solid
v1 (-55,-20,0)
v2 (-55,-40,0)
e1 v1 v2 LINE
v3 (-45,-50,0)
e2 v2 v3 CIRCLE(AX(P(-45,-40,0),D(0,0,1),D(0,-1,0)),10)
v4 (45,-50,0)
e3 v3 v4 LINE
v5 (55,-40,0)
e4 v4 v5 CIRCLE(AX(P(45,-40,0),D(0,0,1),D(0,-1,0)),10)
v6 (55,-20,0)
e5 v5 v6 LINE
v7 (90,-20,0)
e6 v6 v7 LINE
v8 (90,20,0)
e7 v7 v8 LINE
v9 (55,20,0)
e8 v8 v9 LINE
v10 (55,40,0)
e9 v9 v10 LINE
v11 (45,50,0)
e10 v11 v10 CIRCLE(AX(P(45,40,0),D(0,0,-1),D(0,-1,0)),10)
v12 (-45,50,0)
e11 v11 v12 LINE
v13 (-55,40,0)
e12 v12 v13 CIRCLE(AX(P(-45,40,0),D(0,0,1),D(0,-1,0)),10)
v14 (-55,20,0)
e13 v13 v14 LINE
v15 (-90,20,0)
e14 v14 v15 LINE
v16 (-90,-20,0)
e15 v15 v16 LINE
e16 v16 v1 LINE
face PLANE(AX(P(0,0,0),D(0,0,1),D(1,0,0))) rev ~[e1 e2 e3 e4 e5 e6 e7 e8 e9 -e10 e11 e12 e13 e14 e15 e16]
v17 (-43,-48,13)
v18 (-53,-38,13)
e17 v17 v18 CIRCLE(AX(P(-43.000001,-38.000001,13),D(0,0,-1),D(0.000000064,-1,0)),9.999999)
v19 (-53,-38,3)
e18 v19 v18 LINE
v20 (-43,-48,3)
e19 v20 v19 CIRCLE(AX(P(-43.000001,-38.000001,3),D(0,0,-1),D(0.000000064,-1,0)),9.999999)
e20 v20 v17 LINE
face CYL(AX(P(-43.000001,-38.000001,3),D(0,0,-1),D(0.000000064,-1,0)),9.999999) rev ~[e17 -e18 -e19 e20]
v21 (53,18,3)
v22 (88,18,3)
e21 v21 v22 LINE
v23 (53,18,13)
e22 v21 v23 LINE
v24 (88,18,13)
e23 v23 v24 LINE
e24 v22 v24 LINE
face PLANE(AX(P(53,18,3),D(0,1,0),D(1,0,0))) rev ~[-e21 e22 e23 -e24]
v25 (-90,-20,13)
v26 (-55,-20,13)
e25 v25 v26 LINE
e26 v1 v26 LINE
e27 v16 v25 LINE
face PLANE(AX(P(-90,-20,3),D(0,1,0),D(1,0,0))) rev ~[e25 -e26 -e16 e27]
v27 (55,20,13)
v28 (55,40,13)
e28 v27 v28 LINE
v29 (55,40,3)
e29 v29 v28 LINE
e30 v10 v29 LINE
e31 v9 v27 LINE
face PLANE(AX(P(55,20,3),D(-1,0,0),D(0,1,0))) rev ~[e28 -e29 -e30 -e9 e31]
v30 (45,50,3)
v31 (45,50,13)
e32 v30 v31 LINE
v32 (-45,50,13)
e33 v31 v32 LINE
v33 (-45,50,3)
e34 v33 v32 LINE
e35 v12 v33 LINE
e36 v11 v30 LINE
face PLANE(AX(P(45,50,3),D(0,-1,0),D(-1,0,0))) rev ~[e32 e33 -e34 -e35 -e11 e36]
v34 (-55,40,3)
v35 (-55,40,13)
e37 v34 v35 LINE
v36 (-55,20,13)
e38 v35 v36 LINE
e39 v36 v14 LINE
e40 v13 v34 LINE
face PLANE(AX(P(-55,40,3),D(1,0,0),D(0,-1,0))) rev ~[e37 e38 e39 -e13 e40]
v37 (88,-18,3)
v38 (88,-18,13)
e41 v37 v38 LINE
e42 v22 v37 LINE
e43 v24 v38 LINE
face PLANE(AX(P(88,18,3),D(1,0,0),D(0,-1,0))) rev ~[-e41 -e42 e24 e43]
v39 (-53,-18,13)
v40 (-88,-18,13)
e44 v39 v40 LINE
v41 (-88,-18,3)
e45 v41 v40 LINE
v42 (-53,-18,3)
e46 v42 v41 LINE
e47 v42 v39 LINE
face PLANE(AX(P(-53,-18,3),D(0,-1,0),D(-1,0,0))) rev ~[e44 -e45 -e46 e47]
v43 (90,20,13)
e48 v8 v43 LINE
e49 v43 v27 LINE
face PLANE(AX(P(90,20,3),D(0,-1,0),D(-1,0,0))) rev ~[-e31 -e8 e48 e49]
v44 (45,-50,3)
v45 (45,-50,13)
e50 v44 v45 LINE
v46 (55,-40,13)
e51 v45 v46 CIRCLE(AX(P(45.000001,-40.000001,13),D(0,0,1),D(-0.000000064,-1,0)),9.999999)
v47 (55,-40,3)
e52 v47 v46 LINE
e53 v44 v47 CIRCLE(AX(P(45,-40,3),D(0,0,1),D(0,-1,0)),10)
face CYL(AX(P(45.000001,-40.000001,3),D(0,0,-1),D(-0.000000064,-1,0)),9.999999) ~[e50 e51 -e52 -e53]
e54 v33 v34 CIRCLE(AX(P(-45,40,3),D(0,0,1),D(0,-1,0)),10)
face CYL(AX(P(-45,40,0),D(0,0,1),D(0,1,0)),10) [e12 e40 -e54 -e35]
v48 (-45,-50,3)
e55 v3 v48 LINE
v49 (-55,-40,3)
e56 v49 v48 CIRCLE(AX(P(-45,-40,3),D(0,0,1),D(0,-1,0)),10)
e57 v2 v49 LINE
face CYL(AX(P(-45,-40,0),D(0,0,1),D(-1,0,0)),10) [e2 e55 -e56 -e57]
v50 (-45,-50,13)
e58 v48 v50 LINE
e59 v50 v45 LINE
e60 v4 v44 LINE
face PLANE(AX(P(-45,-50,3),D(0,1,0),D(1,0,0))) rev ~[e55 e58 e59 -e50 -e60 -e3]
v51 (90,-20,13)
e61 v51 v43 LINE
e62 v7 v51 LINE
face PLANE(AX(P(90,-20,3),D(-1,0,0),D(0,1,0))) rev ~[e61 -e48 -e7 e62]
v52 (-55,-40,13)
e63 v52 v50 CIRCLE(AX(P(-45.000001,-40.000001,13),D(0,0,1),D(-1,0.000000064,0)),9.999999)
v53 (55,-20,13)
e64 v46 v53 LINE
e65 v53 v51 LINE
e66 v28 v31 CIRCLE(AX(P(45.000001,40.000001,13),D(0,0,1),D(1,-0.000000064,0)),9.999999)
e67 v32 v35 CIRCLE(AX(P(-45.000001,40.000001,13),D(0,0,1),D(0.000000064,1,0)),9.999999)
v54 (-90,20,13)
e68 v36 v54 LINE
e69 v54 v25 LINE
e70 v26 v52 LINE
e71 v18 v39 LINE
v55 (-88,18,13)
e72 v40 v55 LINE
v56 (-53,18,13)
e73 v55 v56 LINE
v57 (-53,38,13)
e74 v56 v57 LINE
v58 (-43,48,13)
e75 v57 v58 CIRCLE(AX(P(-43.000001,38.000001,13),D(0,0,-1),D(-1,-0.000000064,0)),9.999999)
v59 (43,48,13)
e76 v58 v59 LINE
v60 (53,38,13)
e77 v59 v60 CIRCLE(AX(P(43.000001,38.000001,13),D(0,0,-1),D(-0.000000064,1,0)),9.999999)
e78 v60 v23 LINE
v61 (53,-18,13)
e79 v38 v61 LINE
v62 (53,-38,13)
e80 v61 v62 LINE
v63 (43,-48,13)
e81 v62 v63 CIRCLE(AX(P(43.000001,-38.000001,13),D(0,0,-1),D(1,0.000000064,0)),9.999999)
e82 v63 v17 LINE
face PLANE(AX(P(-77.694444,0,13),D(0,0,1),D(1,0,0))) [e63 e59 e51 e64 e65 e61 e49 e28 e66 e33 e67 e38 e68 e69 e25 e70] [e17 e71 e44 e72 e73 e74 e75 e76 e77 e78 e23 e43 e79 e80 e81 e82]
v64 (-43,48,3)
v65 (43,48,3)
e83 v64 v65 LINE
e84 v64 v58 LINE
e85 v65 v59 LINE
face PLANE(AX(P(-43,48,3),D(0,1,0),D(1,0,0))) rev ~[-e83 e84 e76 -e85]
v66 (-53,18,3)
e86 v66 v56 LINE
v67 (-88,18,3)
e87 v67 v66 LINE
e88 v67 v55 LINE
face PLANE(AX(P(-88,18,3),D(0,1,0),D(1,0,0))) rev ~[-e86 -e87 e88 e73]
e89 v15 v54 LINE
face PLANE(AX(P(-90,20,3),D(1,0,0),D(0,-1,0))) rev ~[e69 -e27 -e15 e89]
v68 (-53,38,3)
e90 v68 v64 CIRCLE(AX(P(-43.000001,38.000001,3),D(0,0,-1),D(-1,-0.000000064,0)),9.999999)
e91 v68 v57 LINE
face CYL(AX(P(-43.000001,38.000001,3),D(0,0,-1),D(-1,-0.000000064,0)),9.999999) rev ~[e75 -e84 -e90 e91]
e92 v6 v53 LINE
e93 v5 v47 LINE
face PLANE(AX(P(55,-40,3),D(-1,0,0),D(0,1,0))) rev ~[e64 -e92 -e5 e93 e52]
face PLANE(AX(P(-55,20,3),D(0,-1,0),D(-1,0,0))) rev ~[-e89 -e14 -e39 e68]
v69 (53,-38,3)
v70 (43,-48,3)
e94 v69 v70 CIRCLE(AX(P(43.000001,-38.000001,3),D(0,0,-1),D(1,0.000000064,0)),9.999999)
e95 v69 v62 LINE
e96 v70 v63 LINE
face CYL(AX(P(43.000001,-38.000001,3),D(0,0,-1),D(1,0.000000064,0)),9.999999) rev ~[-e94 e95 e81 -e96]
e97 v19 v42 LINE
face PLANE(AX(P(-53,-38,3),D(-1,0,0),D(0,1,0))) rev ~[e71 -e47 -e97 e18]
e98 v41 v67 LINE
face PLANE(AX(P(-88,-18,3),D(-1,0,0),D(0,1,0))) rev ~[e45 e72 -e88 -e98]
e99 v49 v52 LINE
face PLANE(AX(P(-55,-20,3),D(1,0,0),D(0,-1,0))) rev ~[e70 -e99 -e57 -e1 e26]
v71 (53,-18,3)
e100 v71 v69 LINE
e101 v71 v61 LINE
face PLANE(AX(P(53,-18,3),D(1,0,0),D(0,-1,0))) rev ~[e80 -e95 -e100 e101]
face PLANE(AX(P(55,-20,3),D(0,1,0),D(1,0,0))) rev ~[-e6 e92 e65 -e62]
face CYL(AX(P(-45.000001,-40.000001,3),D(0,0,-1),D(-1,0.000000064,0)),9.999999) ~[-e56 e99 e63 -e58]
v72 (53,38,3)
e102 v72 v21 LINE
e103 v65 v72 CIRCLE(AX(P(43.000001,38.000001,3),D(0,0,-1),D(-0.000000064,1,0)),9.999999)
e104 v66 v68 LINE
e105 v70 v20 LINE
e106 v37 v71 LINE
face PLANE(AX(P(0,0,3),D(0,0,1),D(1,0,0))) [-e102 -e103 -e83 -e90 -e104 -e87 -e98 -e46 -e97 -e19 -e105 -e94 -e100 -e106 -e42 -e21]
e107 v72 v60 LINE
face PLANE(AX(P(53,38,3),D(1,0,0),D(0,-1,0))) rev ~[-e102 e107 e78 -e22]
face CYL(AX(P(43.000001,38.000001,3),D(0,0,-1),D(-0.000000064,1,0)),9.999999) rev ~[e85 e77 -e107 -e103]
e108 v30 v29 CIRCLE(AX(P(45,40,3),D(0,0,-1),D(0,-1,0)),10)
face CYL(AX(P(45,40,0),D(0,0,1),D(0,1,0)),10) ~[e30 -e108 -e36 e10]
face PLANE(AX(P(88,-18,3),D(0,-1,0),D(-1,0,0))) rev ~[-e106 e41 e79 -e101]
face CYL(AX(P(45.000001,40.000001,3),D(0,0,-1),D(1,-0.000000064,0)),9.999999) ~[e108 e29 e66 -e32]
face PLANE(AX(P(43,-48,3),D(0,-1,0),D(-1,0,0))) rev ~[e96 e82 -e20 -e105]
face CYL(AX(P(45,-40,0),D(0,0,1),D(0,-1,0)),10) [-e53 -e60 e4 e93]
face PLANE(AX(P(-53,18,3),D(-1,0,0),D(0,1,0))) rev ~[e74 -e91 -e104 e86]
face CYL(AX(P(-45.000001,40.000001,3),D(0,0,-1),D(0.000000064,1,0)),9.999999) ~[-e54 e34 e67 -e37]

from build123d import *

# Parameters (mm, degrees)
F1_DEPTH = 3
F2_R     = 10
F4_DEPTH = 10


with BuildPart() as f1:
    # F0 (on Top) → F1 (new body)
    with BuildSketch(Plane.XY):
        Polygon((55, 50), (-55, 50), (-55, 20), (-90, 20), (-90, -20), (-55, -20), (-55, -50), (55, -50), (55, -20), (90, -20), (90, 20), (55, 20), align=None)
    extrude(amount=F1_DEPTH)

    # F2
    f2_edges = [f1.edges().sort_by_distance(p)[0] for p in [
        (-55, 50, 1.5),
        (55, 50, 1.5),
        (55, -50, 1.5),
        (-55, -50, 1.5),
    ]]
    fillet(f2_edges, radius=F2_R)

    # F3 (on face) → F4 (join)
    with BuildSketch(Plane.XY.offset(3)):
        Polygon((-55, 20), (-90, 20), (-90, -20), (-55, -20), (-55, -18), (-88, -18), (-88, 18), (-55, 18), align=None)
        with BuildLine():
            Line((-55, 40), (-55, 20))
            Line((-55, 20), (-55, 18))
            Line((-55, 18), (-53, 18))
            Line((-53, 18), (-53, 38))
            ThreePointArc((-53, 38), (-50.071068, 45.071068), (-43, 48))
            Line((-43, 48), (43, 48))
            ThreePointArc((43, 48), (50.071068, 45.071068), (53, 38))
            Line((53, 38), (53, 18))
            Line((53, 18), (55, 18))
            Line((55, 18), (55, 20))
            Line((55, 20), (55, 40))
            ThreePointArc((55, 40), (52.071068, 47.071068), (45, 50))
            Line((45, 50), (-45, 50))
            ThreePointArc((-45, 50), (-52.071068, 47.071068), (-55, 40))
        make_face()
        with BuildLine():
            Line((-55, -18), (-55, -20))
            Line((-55, -20), (-55, -40))
            ThreePointArc((-55, -40), (-52.071068, -47.071068), (-45, -50))
            Line((-45, -50), (45, -50))
            ThreePointArc((45, -50), (52.071068, -47.071068), (55, -40))
            Line((55, -40), (55, -20))
            Line((55, -20), (55, -18))
            Line((55, -18), (53, -18))
            Line((53, -18), (53, -38))
            ThreePointArc((53, -38), (50.071068, -45.071068), (43, -48))
            Line((43, -48), (-43, -48))
            ThreePointArc((-43, -48), (-50.071068, -45.071068), (-53, -38))
            Line((-53, -38), (-53, -18))
            Line((-53, -18), (-55, -18))
        make_face()
        Polygon((90, 20), (55, 20), (55, 18), (88, 18), (88, -18), (55, -18), (55, -20), (90, -20), align=None)
    extrude(amount=F4_DEPTH)


solid = f1.part
